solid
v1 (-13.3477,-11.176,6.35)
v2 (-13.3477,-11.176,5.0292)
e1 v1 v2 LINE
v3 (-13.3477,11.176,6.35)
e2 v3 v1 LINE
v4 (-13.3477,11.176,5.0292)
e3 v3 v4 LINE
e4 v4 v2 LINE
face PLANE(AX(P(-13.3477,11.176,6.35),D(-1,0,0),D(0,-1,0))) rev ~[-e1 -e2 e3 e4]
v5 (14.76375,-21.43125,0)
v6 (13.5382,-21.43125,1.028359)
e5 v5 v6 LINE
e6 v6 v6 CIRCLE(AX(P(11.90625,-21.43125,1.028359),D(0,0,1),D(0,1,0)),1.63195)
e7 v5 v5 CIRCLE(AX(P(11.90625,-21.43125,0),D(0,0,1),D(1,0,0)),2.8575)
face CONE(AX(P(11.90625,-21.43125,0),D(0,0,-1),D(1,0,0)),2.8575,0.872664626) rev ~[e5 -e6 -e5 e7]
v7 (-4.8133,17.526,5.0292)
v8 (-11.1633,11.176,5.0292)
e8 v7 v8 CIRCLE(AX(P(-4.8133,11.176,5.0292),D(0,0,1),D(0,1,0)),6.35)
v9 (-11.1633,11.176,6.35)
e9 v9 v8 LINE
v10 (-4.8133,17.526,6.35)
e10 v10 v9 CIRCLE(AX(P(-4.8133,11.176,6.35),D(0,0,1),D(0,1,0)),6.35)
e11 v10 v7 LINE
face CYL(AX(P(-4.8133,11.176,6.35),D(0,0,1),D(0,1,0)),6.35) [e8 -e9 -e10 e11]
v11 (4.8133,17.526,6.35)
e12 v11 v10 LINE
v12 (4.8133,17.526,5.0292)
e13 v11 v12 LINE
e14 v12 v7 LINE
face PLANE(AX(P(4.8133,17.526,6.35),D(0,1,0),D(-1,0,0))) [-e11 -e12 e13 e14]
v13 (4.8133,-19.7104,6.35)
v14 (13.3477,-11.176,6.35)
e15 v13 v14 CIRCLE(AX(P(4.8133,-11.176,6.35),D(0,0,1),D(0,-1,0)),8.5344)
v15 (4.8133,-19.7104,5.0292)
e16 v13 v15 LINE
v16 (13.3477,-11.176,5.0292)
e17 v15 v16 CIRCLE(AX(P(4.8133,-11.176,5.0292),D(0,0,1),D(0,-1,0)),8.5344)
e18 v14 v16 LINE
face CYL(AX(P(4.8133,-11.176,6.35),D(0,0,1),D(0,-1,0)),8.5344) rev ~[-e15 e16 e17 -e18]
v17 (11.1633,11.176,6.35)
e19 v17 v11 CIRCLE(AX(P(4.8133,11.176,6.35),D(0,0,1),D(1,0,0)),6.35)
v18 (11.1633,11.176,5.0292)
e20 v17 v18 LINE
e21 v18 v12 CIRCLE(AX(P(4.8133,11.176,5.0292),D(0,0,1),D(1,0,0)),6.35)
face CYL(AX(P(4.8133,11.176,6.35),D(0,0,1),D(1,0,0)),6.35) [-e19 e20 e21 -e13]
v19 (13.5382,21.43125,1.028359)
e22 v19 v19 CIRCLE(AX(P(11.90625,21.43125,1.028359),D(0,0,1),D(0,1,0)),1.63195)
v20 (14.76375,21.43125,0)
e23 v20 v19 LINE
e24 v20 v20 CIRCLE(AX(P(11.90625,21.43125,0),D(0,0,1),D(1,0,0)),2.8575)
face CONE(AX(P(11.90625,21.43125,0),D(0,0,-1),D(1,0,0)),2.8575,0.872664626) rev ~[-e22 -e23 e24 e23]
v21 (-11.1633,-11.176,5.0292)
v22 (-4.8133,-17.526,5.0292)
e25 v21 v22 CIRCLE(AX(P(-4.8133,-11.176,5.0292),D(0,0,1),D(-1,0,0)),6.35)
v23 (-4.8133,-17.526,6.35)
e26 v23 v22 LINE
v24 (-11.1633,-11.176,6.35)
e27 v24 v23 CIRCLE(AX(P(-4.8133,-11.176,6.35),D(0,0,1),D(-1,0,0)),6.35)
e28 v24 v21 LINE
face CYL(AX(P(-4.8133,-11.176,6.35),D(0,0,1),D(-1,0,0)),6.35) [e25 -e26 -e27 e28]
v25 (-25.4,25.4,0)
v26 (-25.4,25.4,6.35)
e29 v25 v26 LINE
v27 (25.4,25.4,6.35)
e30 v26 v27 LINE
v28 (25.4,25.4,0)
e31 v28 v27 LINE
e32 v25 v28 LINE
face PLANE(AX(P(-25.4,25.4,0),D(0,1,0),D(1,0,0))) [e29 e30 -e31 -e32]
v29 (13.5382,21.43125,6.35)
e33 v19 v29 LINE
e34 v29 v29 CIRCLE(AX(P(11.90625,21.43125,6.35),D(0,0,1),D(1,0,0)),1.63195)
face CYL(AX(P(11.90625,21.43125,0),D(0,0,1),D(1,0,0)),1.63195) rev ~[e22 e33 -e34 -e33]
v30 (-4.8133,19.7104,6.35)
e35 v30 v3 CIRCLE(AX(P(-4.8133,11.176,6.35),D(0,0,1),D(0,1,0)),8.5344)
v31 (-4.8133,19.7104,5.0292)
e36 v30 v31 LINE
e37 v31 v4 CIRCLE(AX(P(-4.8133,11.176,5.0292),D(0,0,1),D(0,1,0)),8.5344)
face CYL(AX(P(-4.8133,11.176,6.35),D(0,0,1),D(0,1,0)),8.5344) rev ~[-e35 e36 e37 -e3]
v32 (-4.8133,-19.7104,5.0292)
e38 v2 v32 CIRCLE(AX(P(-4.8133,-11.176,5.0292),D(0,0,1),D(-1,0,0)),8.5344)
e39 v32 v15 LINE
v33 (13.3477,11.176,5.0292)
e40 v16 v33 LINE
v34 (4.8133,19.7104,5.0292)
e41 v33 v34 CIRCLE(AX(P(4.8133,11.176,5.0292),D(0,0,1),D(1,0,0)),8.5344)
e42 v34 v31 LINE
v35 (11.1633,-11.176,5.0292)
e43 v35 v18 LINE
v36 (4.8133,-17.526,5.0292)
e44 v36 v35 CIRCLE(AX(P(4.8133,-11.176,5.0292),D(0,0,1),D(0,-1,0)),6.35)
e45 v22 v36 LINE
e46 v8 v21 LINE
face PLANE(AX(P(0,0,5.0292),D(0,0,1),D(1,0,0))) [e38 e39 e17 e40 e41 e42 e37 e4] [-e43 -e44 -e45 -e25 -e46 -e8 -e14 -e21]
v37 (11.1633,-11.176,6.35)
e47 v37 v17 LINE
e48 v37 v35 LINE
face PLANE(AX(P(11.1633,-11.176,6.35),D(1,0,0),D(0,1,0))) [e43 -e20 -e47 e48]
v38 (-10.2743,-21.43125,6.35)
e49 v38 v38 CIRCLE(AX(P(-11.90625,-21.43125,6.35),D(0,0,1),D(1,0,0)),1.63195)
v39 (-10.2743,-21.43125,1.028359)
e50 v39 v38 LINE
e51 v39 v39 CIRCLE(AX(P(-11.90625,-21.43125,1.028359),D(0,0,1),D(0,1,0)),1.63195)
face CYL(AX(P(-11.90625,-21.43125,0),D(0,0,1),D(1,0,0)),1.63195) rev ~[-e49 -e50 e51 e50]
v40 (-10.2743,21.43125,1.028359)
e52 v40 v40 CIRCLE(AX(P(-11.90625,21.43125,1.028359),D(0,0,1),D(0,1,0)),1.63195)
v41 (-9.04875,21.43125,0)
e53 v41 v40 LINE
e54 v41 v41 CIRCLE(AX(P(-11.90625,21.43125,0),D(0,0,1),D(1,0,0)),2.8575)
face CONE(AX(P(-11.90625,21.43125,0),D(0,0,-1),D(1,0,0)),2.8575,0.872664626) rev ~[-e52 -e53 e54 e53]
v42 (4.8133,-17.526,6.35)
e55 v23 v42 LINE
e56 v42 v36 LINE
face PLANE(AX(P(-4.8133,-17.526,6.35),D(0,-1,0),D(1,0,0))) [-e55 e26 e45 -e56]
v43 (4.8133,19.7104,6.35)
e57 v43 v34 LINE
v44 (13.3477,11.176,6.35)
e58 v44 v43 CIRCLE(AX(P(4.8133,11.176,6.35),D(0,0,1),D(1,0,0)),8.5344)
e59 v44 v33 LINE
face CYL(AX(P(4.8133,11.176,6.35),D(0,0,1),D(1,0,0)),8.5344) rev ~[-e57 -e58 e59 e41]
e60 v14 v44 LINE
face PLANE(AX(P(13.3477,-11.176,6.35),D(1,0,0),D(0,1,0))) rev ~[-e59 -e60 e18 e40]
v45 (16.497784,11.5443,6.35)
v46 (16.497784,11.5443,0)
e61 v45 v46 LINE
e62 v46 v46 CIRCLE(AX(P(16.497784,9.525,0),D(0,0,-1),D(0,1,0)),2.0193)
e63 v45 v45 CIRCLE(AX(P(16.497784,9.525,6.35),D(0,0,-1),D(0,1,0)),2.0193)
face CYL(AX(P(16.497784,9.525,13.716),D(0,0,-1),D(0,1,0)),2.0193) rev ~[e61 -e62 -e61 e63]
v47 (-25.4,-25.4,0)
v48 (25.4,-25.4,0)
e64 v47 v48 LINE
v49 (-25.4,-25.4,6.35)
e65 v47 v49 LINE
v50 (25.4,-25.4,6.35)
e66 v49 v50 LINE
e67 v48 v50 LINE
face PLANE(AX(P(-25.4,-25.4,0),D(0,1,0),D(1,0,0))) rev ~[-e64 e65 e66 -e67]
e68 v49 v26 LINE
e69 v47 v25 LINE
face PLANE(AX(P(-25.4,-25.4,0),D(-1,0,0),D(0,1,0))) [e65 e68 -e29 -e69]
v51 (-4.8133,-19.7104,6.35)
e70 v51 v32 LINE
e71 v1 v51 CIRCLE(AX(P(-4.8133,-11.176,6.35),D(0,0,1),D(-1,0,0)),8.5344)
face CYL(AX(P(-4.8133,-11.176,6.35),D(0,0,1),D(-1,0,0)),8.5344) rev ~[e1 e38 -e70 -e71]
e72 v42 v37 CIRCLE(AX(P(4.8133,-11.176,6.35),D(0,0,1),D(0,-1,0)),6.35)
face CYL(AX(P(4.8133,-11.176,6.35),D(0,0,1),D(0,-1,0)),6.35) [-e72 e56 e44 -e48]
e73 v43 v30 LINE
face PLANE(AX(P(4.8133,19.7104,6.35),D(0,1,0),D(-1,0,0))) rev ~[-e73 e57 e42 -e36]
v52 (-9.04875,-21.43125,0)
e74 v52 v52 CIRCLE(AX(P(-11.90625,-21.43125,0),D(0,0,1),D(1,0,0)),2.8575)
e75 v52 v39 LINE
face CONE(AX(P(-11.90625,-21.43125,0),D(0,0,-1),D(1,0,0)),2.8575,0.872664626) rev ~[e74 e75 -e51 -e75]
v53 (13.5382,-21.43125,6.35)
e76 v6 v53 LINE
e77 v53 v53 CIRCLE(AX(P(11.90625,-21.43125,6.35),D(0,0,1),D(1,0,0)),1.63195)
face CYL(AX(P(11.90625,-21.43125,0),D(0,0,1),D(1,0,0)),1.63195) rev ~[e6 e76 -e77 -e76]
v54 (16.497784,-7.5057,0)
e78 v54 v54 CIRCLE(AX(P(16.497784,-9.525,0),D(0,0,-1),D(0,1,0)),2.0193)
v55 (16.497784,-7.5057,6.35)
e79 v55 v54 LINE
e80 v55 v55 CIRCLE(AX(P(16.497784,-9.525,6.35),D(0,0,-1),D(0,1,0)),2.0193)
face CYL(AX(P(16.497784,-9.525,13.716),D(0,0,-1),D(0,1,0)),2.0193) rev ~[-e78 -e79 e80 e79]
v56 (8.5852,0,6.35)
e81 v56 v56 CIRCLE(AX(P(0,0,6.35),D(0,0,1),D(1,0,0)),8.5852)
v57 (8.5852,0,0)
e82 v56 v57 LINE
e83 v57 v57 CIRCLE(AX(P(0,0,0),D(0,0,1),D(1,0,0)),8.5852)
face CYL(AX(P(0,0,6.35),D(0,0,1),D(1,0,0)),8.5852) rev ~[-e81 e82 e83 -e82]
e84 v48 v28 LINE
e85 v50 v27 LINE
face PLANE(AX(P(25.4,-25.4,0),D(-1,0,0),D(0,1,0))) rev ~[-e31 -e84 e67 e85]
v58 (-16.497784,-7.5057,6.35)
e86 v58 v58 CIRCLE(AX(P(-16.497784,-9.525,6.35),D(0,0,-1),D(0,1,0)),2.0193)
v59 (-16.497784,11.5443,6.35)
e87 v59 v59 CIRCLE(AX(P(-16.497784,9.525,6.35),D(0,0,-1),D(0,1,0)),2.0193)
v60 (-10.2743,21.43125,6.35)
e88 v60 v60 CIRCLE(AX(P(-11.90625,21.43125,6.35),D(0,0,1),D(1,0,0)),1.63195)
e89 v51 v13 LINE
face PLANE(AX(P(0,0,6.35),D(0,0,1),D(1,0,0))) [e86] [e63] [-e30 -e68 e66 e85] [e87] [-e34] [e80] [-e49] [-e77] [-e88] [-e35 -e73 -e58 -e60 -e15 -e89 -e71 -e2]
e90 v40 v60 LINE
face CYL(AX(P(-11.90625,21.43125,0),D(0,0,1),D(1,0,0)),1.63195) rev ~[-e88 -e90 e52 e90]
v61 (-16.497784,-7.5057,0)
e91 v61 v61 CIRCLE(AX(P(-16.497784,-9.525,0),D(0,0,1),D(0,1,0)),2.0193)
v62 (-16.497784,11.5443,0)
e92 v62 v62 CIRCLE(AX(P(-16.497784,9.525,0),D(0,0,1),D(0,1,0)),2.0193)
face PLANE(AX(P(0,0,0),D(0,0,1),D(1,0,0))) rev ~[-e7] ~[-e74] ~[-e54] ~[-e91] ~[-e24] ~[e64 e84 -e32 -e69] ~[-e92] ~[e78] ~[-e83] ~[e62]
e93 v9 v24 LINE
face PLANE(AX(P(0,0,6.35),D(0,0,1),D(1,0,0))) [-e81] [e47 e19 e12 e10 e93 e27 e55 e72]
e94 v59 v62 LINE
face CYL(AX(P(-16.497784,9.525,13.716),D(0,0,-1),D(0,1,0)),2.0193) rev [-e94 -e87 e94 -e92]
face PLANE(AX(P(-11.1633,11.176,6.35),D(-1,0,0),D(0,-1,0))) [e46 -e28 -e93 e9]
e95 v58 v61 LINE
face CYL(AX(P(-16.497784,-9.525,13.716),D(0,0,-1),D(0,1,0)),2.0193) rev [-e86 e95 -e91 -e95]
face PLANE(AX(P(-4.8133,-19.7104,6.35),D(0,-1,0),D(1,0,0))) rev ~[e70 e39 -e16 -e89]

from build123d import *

# Parameters (mm, degrees)
SKETCH1_W                                         = 50.8
SKETCH1_H                                         = 50.8
BOSS_EXTRUDE1_DEPTH                               = 6.35
SKETCH2_R                                         = 8.5852
CUT_EXTRUDE1_DEPTH                                = 7.35
CUT_EXTRUDE2_DASH_027_DEPTH                       = 1.3208
CSK_FOR_4_FLAT_HEAD_MACHINE_SCREW_100_D           = 3.2639
CSK_FOR_4_FLAT_HEAD_MACHINE_SCREW_100_CSINK_D     = 5.715
CSK_FOR_4_FLAT_HEAD_MACHINE_SCREW_100_CSINK_ANGLE = 100
F_10_32_TAPPED_HOLE1_AT_2_COUNT                   = 2
F_10_32_TAPPED_HOLE1_AT_2_PITCH                   = 19.05


with BuildPart() as part:
    # Sketch1 → Boss-Extrude1 (new body)
    with BuildSketch(Plane.XY):
        Rectangle(SKETCH1_W, SKETCH1_H)
    extrude(amount=BOSS_EXTRUDE1_DEPTH)

    # Sketch2 → Cut-Extrude1 (cut, through all)
    with BuildSketch(Plane.XY.offset(6.35)):
        Circle(SKETCH2_R)
    extrude(amount=-CUT_EXTRUDE1_DEPTH, mode=Mode.SUBTRACT)

    # Sketch3 → Cut-Extrude2 - dash 027 (cut)
    with BuildSketch(Plane.XY.offset(6.35)):
        with BuildLine():
            Line((13.3477, -11.176), (13.3477, 11.176))
            ThreePointArc((13.3477, 11.176), (10.848032113, 17.210732113), (4.8133, 19.7104))
            Line((4.8133, 19.7104), (-4.8133, 19.7104))
            ThreePointArc((-4.8133, 19.7104), (-10.848032113, 17.210732113), (-13.3477, 11.176))
            Line((-13.3477, 11.176), (-13.3477, -11.176))
            ThreePointArc((-13.3477, -11.176), (-10.848032113, -17.210732113), (-4.8133, -19.7104))
            Line((-4.8133, -19.7104), (4.8133, -19.7104))
            ThreePointArc((4.8133, -19.7104), (10.848032113, -17.210732113), (13.3477, -11.176))
        make_face()
        with BuildLine():
            Line((-4.8133, -17.526), (4.8133, -17.526))
            ThreePointArc((4.8133, -17.526), (9.303428061, -15.666128061), (11.1633, -11.176))
            Line((11.1633, -11.176), (11.1633, 11.176))
            ThreePointArc((11.1633, 11.176), (9.303428061, 15.666128061), (4.8133, 17.526))
            Line((4.8133, 17.526), (-4.8133, 17.526))
            ThreePointArc((-4.8133, 17.526), (-9.303428061, 15.666128061), (-11.1633, 11.176))
            Line((-11.1633, 11.176), (-11.1633, -11.176))
            ThreePointArc((-11.1633, -11.176), (-9.303428061, -15.666128061), (-4.8133, -17.526))
        make_face(mode=Mode.SUBTRACT)
    extrude(amount=-CUT_EXTRUDE2_DASH_027_DEPTH, mode=Mode.SUBTRACT)

    # CSK for #4 Flat Head Machine Screw (100)1 (through all)
    with Locations(Plane(origin=(0, 0, 0), x_dir=(-1, 0, 0), z_dir=(0, 0, -1))):
        with Locations((-11.90625, 21.43125), (11.90625, 21.43125), (-11.90625, -21.43125), (11.90625, -21.43125)):
            CounterSinkHole(CSK_FOR_4_FLAT_HEAD_MACHINE_SCREW_100_D / 2, CSK_FOR_4_FLAT_HEAD_MACHINE_SCREW_100_CSINK_D / 2, counter_sink_angle=CSK_FOR_4_FLAT_HEAD_MACHINE_SCREW_100_CSINK_ANGLE)

    # Sketch8 → #10-32 Tapped Hole1 (revolve, cut)
    with BuildSketch(Plane(origin=(-16.497783942, 9.525, 0), x_dir=(0, 1, 0), z_dir=(1, 0, 0))):
        Polygon((0, 0), (0, 14.929317848), (2.0193, 13.716), (2.0193, 0), align=None)
    f_10_32_tapped_hole1 = revolve(axis=Axis((-16.497783942, 9.525, -6.35), (0, 0, 1)), mode=Mode.SUBTRACT)

    # #10-32 Tapped Hole1 at 2: #10-32 Tapped Hole1 ×2
    with Locations(*[(0, -i * F_10_32_TAPPED_HOLE1_AT_2_PITCH, 0) for i in range(1, F_10_32_TAPPED_HOLE1_AT_2_COUNT)]):
        add(f_10_32_tapped_hole1, mode=Mode.SUBTRACT)

    # Mirror1: #10-32 Tapped Hole1 across plane
    add(f_10_32_tapped_hole1.mirror(Plane(origin=(0, 0, 0), x_dir=(0, 0, 1), z_dir=(1, 0, 0))), mode=Mode.SUBTRACT)

    # Mirror1 copy 1 sketch → Mirror1 copy 1 (revolve, cut)
    with BuildSketch(Plane(origin=(16.497783942, -9.525, 0), x_dir=(0, 1, 0), z_dir=(-1, 0, 0))):
        Polygon((0, 0), (0, -14.929317848), (2.0193, -13.716), (2.0193, 0), align=None)
    revolve(axis=Axis((16.497783942, -9.525, -6.35), (0, 0, -1)), mode=Mode.SUBTRACT)


solid = part.part
